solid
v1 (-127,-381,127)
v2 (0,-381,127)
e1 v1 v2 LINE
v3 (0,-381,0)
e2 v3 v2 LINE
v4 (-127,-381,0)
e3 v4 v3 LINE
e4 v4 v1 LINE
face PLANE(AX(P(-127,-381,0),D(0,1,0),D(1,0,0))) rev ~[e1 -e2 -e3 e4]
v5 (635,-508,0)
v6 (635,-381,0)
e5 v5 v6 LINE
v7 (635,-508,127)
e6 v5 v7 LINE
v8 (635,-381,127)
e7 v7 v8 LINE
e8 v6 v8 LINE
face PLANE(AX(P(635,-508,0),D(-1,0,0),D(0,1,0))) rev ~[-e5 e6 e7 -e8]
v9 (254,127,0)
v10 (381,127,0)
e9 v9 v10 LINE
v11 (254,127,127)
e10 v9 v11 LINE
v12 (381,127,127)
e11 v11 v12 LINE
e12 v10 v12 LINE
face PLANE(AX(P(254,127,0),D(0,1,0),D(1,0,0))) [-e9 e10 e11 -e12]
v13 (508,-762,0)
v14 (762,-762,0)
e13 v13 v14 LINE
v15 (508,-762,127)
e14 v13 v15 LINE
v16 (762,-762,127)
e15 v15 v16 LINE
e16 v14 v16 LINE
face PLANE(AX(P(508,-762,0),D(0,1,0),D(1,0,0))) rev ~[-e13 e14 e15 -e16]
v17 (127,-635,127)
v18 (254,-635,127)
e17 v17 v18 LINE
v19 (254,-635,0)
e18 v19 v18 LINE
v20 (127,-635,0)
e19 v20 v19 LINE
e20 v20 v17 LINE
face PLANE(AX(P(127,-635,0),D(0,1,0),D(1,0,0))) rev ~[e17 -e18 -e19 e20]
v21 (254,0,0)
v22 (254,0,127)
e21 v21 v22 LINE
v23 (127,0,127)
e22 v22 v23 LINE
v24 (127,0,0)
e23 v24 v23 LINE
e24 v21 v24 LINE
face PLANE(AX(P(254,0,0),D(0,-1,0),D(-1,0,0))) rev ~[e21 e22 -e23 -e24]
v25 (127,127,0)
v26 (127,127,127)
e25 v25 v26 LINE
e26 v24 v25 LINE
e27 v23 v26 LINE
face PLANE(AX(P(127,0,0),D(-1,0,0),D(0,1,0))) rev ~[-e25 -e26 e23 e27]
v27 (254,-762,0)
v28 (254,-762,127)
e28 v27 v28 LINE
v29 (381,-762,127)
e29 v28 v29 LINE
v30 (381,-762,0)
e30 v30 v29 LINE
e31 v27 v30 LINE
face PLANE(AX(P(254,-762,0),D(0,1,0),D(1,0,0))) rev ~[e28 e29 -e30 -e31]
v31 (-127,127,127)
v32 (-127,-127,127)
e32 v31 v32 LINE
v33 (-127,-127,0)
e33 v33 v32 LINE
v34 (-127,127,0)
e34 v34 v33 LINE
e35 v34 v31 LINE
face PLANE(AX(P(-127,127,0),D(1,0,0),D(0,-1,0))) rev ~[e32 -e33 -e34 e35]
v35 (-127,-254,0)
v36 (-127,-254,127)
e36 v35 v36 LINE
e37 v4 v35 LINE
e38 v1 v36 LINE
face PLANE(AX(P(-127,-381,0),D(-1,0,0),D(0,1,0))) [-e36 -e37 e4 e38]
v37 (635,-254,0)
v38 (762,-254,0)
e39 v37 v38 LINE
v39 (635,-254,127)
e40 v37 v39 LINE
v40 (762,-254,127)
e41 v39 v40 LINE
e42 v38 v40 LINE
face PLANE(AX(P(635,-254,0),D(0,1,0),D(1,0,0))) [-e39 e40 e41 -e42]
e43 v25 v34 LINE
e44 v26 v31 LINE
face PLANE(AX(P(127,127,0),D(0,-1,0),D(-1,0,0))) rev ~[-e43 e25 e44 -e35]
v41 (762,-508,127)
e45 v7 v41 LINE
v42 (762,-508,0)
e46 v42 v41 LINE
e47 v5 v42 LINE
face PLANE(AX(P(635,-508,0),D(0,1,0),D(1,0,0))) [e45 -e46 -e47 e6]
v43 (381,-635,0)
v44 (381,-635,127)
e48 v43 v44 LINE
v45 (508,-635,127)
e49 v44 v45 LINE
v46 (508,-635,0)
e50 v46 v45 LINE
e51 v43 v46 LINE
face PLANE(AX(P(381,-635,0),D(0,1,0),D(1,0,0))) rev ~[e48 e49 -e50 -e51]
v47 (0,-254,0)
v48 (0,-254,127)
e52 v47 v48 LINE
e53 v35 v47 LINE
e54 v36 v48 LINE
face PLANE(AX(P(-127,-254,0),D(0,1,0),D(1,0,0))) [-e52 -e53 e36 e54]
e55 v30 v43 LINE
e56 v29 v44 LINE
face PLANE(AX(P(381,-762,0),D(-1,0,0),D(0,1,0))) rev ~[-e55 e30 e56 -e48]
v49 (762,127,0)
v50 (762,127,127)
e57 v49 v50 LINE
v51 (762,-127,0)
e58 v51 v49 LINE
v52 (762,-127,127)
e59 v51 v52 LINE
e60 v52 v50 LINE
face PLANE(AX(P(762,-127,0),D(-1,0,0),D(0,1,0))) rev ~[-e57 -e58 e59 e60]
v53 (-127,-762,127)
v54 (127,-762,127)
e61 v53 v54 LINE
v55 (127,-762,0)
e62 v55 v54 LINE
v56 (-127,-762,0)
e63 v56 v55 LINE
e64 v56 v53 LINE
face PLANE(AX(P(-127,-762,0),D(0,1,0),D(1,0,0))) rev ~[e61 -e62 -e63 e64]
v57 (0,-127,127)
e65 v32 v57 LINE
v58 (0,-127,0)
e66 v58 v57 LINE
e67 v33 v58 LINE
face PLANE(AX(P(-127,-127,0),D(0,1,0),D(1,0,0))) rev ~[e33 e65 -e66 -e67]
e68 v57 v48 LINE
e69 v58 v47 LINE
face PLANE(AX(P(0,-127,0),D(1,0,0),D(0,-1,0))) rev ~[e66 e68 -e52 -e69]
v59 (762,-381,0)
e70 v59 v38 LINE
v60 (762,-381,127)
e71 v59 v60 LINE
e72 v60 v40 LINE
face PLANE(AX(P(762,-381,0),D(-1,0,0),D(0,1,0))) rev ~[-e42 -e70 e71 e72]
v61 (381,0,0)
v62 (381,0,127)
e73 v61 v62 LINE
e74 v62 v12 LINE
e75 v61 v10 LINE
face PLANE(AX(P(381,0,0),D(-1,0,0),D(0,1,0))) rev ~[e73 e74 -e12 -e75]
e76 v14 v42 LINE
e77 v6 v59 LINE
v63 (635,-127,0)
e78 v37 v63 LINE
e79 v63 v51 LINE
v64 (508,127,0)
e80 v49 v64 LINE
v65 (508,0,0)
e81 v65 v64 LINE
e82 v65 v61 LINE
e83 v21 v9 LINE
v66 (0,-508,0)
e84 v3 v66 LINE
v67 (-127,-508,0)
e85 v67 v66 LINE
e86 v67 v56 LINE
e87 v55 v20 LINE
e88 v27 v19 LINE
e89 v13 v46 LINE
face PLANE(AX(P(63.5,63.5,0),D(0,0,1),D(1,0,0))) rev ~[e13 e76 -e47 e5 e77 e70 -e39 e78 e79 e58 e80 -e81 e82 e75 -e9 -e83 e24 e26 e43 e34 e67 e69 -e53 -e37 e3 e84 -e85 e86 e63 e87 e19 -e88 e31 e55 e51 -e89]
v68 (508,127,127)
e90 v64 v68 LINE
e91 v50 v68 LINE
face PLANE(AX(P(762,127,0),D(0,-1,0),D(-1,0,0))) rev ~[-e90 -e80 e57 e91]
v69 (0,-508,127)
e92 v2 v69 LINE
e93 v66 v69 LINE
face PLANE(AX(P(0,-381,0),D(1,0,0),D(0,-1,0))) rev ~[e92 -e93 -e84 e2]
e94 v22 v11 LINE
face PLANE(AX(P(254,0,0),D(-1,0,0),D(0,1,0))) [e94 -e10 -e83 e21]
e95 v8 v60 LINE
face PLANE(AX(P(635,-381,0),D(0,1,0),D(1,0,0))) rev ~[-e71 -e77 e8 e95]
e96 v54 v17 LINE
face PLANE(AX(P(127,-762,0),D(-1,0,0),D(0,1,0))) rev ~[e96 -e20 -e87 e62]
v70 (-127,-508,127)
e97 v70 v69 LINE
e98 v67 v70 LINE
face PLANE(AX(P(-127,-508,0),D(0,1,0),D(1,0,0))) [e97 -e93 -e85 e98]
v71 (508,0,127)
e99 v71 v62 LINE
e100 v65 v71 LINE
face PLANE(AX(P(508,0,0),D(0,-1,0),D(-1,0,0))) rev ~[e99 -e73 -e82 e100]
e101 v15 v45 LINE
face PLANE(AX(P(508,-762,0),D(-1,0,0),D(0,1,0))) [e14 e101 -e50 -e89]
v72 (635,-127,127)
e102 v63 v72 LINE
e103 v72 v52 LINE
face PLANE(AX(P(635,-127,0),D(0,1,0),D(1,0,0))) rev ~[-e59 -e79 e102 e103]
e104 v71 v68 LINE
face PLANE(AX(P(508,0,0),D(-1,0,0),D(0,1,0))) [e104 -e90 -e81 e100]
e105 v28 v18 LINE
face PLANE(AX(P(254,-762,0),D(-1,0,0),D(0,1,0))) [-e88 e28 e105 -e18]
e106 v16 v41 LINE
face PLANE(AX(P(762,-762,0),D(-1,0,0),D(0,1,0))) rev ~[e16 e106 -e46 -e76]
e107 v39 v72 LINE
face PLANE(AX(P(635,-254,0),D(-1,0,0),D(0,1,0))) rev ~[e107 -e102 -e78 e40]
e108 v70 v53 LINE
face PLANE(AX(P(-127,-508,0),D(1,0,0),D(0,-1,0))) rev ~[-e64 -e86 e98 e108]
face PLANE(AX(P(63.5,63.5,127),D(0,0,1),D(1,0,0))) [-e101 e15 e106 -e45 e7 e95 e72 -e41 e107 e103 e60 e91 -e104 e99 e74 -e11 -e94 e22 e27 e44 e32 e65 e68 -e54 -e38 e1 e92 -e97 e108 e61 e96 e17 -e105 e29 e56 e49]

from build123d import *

# Parameters (mm, degrees)
F0_W     = 127
F0_H     = 127
F1_DEPTH = 127


with BuildPart() as f1:
    # F0 (on Top) → F1 (new body)
    with BuildSketch(Plane.XY):
        with Locations((63.5, 63.5)):
            Rectangle(F0_W, F0_H)
        Polygon((127, 0), (0, 0), (0, -127), (0, -254), (0, -381), (0, -508), (0, -635), (127, -635), (254, -635), (381, -635), (508, -635), (635, -635), (635, -508), (635, -381), (635, -254), (635, -127), (635, 0), (508, 0), (381, 0), (254, 0), align=None)
        with Locations((-63.5, 63.5)):
            Rectangle(F0_W, F0_H)
        with Locations((-63.5, -63.5)):
            Rectangle(F0_W, F0_H)
        with Locations((317.5, 63.5)):
            Rectangle(F0_W, F0_H)
        with Locations((-63.5, -317.5)):
            Rectangle(F0_W, F0_H)
        with Locations((571.5, 63.5)):
            Rectangle(F0_W, F0_H)
        with Locations((-63.5, -571.5)):
            Rectangle(F0_W, F0_H)
        with Locations((698.5, -63.5)):
            Rectangle(F0_W, F0_H)
        with Locations((698.5, 63.5)):
            Rectangle(F0_W, F0_H)
        with Locations((-63.5, -698.5)):
            Rectangle(F0_W, F0_H)
        with Locations((63.5, -698.5)):
            Rectangle(F0_W, F0_H)
        with Locations((698.5, -317.5)):
            Rectangle(F0_W, F0_H)
        with Locations((317.5, -698.5)):
            Rectangle(F0_W, F0_H)
        with Locations((698.5, -571.5)):
            Rectangle(F0_W, F0_H)
        with Locations((571.5, -698.5)):
            Rectangle(F0_W, F0_H)
        with Locations((698.5, -698.5)):
            Rectangle(F0_W, F0_H)
    extrude(amount=F1_DEPTH)


solid = f1.part
